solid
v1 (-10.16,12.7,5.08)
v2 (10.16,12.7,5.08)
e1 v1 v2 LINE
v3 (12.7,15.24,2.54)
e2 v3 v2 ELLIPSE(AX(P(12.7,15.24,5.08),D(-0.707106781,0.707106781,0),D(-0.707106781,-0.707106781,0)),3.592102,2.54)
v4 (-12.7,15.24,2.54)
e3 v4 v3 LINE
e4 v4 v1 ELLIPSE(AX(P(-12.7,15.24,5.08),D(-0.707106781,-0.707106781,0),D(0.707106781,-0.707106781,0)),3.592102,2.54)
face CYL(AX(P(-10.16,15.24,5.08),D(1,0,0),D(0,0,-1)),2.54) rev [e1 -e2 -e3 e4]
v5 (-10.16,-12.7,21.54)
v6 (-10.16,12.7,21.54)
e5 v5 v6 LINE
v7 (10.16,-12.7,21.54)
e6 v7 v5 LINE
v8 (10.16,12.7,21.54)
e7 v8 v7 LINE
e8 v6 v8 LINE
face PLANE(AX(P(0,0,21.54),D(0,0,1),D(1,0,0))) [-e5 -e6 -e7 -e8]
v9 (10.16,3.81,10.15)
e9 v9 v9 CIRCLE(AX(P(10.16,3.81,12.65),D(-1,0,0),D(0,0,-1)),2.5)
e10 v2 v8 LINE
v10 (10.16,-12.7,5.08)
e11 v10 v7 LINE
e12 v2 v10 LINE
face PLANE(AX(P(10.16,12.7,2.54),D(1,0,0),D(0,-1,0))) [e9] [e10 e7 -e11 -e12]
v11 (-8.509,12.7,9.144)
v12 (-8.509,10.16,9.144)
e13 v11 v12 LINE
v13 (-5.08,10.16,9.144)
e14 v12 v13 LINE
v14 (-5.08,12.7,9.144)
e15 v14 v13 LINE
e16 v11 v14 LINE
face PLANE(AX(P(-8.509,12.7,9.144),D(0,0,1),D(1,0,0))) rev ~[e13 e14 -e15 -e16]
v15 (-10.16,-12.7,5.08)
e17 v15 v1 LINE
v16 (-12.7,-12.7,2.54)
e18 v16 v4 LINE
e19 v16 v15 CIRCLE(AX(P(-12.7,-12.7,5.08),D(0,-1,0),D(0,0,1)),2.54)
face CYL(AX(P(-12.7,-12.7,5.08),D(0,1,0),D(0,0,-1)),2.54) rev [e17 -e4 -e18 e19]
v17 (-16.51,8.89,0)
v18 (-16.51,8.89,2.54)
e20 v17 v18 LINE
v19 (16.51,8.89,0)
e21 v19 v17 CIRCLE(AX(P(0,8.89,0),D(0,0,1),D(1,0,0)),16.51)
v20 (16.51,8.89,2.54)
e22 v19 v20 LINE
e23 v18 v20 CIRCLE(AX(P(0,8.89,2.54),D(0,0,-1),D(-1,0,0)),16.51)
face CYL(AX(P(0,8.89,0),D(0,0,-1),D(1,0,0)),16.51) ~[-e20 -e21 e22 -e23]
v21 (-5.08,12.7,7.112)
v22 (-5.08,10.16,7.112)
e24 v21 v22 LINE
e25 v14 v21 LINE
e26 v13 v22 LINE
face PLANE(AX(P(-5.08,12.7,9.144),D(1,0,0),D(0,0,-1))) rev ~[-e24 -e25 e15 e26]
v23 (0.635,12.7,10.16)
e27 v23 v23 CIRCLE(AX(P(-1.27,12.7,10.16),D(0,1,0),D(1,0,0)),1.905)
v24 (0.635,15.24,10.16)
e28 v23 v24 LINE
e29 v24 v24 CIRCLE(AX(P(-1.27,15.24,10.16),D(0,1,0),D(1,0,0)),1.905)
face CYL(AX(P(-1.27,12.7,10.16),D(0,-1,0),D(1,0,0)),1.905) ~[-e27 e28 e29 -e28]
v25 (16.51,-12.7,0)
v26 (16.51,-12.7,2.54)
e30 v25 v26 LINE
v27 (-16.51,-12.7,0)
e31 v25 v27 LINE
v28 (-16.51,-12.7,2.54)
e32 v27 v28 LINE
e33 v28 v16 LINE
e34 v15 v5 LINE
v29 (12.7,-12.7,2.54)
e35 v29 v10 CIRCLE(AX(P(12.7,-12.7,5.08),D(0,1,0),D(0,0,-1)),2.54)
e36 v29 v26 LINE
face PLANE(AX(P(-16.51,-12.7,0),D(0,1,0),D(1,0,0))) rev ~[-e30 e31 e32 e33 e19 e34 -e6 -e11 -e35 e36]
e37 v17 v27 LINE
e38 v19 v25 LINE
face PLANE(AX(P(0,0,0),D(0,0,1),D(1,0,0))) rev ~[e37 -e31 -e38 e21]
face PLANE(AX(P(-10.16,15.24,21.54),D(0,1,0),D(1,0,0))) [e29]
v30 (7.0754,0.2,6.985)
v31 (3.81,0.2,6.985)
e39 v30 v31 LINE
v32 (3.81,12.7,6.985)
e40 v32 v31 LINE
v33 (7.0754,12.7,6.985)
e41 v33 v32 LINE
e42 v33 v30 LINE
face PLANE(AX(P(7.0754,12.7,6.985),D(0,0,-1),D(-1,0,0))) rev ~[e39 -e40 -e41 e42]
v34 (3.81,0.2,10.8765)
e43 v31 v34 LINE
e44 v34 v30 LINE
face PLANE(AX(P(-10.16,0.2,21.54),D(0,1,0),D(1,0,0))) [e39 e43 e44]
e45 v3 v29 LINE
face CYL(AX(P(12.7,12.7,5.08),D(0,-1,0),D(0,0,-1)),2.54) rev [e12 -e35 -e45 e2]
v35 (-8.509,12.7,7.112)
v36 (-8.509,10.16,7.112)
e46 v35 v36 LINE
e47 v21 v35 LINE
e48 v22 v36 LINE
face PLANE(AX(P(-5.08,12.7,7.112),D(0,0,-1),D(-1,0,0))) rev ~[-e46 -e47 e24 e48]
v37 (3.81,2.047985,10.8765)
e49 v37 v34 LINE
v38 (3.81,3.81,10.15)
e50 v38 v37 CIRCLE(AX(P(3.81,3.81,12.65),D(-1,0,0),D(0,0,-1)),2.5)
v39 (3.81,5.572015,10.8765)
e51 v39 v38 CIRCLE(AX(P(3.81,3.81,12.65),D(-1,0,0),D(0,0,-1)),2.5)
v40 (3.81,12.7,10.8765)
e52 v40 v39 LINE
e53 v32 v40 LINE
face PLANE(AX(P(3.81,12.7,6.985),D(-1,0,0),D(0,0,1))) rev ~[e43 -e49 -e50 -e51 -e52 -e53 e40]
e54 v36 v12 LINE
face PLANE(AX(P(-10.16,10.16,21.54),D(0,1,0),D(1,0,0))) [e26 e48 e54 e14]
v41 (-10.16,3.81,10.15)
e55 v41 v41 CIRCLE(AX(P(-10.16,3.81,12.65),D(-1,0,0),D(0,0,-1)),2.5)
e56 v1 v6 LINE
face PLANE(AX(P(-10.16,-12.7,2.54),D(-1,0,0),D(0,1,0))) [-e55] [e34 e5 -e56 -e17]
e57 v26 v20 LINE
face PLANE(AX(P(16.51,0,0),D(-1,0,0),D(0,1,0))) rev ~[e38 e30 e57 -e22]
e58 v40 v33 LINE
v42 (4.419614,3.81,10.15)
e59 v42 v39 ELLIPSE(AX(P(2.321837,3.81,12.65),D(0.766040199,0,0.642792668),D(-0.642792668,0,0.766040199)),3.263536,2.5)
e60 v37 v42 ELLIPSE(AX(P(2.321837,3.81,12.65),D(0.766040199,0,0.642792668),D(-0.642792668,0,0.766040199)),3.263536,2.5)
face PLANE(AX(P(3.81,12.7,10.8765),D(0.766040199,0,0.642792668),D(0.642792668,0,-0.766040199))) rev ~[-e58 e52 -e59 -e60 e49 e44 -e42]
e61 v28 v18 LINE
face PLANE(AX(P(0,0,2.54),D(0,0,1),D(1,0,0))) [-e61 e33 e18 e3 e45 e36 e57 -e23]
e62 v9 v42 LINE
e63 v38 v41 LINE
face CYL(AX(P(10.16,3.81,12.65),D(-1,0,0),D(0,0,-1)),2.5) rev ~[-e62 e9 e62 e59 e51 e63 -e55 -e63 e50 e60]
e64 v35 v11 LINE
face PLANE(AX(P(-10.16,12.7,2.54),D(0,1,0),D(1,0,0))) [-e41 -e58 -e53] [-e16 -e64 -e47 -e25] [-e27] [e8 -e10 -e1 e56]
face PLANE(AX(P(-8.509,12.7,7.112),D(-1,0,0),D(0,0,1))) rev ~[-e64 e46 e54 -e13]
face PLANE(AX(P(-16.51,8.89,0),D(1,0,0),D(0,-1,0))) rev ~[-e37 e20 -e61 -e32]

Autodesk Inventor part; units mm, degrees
ref_plane "YZ Plane" through (0, 0, 0) normal (1, 0, 0) x (0, 1, 0)
ref_plane "XZ Plane" through (0, 0, 0) normal (0, 1, 0) x (-1, 0, 0)
ref_plane "XY Plane" through (0, 0, 0) normal (0, 0, 1) x (1, 0, 0)
sketch "Sketch1" plane through (0, 0, 0) normal (0, 0, 1) x (1, 0, 0)
  line L0 (-19.812, 0) -> (26.416, 0) projected
  line L1 (0, 36.83) -> (0, -16.51) projected
  line L2 (-16.51, -12.7) -> (16.51, -12.7)
  line L3 (16.51, -12.7) -> (16.51, 8.89)
  arc A0 (16.51, 8.89) -> (-16.51, 8.89) centre (0, 8.89) ccw
  line L4 (-16.51, 8.89) -> (-16.51, -12.7)
  dimension "d2" = 33.02
  dimension "d3" = 8.89
  dimension "d4" = 12.7
extrude "Extrusion1" add sketch "Sketch1" along normal blind 2.54
sketch "Sketch2" plane through (0, 0, 2.54) normal (0, 0, 1) x (1, 0, 0)
  line L0 (-16.51, -12.7) -> (-16.51, 8.89) projected
  line L1 (16.51, -12.7) -> (-16.51, -12.7) projected
  line L2 (16.51, 8.89) -> (16.51, -12.7) projected
  line L3 (-10.16, -12.7) -> (-10.16, 12.7)
  line L4 (-10.16, 12.7) -> (10.16, 12.7)
  line L5 (10.16, 12.7) -> (10.16, -12.7)
  dimension "d7" = 6.35
  dimension "d8" = 6.35
  dimension "d9" = 25.4
extrude "Extrusion2" add sketch "Sketch2" along normal blind 19
sketch "Sketch3" plane through (10.16, -12.7, 21.54) normal (1, 0, 0) x (0, 0, -1)
  line L0 (0, 25.4) -> (0, 0) projected
  line L1 (19, 25.4) -> (0, 25.4) projected
  point P0 (8.89, 16.51)
  dimension "d12" = 8.89
  dimension "d13" = 8.89
hole "Hole1" at (10.16, 3.81, 12.65) direction (-1, 0, 0) diameter 5 end through all
fillet "Fillet1" radius 2.54 3 edges at (10.16, 0, 2.54) (0, 12.7, 2.54) (-10.16, 0, 2.54)
sketch "Sketch6" plane through (-10.16, 12.7, 21.54) normal (0, 1, 0) x (1, 0, 0)
  line L0 (0, 16.46) -> (20.32, 16.46) projected
  line L1 (20.32, 16.46) -> (20.32, 0) projected
  line L2 (13.97, 14.555) -> (13.97, 10.6635)
  line L3 (13.97, 10.6635) -> (17.2354, 14.555)
  line L4 (17.2354, 14.555) -> (13.97, 14.555)
  dimension "d22" = 6.35
  dimension "d23" = 1.905
  dimension "d24" = 40
  dimension "d25" = 5.08
extrude "Extrusion3" cut sketch "Sketch6" against normal blind 12.5
sketch "Sketch7" plane through (-10.16, 12.7, 21.54) normal (0, 1, 0) x (1, 0, 0)
  line L0 (0, 16.46) -> (20.32, 16.46) projected
  line L1 (0, 16.46) -> (0, 0) projected
  circle A0 centre (8.89, 11.38) radius 1.905
  dimension "d28" = 8.89
  dimension "d29" = 5.08
  dimension "d30" = 3.81
extrude "Extrusion4" add sketch "Sketch7" along normal blind 2.54
sketch "Sketch8" plane through (-10.16, 12.7, 21.54) normal (0, 1, 0) x (1, 0, 0)
  line L0 (0, 16.46) -> (20.32, 16.46) projected
  line L1 (0, 16.46) -> (0, 0) projected
  line L2 (5.08, 14.428) -> (1.651, 14.428)
  line L3 (1.651, 14.428) -> (1.651, 12.396)
  line L4 (1.651, 12.396) -> (5.08, 12.396)
  line L5 (5.08, 12.396) -> (5.08, 14.428)
  dimension "d33" = 2.032
  dimension "d34" = 1.651
  dimension "d35" = 3.429
  dimension "d36" = 2.032
extrude "Extrusion5" cut sketch "Sketch8" against normal blind 2.54
properties part number "querylab"
